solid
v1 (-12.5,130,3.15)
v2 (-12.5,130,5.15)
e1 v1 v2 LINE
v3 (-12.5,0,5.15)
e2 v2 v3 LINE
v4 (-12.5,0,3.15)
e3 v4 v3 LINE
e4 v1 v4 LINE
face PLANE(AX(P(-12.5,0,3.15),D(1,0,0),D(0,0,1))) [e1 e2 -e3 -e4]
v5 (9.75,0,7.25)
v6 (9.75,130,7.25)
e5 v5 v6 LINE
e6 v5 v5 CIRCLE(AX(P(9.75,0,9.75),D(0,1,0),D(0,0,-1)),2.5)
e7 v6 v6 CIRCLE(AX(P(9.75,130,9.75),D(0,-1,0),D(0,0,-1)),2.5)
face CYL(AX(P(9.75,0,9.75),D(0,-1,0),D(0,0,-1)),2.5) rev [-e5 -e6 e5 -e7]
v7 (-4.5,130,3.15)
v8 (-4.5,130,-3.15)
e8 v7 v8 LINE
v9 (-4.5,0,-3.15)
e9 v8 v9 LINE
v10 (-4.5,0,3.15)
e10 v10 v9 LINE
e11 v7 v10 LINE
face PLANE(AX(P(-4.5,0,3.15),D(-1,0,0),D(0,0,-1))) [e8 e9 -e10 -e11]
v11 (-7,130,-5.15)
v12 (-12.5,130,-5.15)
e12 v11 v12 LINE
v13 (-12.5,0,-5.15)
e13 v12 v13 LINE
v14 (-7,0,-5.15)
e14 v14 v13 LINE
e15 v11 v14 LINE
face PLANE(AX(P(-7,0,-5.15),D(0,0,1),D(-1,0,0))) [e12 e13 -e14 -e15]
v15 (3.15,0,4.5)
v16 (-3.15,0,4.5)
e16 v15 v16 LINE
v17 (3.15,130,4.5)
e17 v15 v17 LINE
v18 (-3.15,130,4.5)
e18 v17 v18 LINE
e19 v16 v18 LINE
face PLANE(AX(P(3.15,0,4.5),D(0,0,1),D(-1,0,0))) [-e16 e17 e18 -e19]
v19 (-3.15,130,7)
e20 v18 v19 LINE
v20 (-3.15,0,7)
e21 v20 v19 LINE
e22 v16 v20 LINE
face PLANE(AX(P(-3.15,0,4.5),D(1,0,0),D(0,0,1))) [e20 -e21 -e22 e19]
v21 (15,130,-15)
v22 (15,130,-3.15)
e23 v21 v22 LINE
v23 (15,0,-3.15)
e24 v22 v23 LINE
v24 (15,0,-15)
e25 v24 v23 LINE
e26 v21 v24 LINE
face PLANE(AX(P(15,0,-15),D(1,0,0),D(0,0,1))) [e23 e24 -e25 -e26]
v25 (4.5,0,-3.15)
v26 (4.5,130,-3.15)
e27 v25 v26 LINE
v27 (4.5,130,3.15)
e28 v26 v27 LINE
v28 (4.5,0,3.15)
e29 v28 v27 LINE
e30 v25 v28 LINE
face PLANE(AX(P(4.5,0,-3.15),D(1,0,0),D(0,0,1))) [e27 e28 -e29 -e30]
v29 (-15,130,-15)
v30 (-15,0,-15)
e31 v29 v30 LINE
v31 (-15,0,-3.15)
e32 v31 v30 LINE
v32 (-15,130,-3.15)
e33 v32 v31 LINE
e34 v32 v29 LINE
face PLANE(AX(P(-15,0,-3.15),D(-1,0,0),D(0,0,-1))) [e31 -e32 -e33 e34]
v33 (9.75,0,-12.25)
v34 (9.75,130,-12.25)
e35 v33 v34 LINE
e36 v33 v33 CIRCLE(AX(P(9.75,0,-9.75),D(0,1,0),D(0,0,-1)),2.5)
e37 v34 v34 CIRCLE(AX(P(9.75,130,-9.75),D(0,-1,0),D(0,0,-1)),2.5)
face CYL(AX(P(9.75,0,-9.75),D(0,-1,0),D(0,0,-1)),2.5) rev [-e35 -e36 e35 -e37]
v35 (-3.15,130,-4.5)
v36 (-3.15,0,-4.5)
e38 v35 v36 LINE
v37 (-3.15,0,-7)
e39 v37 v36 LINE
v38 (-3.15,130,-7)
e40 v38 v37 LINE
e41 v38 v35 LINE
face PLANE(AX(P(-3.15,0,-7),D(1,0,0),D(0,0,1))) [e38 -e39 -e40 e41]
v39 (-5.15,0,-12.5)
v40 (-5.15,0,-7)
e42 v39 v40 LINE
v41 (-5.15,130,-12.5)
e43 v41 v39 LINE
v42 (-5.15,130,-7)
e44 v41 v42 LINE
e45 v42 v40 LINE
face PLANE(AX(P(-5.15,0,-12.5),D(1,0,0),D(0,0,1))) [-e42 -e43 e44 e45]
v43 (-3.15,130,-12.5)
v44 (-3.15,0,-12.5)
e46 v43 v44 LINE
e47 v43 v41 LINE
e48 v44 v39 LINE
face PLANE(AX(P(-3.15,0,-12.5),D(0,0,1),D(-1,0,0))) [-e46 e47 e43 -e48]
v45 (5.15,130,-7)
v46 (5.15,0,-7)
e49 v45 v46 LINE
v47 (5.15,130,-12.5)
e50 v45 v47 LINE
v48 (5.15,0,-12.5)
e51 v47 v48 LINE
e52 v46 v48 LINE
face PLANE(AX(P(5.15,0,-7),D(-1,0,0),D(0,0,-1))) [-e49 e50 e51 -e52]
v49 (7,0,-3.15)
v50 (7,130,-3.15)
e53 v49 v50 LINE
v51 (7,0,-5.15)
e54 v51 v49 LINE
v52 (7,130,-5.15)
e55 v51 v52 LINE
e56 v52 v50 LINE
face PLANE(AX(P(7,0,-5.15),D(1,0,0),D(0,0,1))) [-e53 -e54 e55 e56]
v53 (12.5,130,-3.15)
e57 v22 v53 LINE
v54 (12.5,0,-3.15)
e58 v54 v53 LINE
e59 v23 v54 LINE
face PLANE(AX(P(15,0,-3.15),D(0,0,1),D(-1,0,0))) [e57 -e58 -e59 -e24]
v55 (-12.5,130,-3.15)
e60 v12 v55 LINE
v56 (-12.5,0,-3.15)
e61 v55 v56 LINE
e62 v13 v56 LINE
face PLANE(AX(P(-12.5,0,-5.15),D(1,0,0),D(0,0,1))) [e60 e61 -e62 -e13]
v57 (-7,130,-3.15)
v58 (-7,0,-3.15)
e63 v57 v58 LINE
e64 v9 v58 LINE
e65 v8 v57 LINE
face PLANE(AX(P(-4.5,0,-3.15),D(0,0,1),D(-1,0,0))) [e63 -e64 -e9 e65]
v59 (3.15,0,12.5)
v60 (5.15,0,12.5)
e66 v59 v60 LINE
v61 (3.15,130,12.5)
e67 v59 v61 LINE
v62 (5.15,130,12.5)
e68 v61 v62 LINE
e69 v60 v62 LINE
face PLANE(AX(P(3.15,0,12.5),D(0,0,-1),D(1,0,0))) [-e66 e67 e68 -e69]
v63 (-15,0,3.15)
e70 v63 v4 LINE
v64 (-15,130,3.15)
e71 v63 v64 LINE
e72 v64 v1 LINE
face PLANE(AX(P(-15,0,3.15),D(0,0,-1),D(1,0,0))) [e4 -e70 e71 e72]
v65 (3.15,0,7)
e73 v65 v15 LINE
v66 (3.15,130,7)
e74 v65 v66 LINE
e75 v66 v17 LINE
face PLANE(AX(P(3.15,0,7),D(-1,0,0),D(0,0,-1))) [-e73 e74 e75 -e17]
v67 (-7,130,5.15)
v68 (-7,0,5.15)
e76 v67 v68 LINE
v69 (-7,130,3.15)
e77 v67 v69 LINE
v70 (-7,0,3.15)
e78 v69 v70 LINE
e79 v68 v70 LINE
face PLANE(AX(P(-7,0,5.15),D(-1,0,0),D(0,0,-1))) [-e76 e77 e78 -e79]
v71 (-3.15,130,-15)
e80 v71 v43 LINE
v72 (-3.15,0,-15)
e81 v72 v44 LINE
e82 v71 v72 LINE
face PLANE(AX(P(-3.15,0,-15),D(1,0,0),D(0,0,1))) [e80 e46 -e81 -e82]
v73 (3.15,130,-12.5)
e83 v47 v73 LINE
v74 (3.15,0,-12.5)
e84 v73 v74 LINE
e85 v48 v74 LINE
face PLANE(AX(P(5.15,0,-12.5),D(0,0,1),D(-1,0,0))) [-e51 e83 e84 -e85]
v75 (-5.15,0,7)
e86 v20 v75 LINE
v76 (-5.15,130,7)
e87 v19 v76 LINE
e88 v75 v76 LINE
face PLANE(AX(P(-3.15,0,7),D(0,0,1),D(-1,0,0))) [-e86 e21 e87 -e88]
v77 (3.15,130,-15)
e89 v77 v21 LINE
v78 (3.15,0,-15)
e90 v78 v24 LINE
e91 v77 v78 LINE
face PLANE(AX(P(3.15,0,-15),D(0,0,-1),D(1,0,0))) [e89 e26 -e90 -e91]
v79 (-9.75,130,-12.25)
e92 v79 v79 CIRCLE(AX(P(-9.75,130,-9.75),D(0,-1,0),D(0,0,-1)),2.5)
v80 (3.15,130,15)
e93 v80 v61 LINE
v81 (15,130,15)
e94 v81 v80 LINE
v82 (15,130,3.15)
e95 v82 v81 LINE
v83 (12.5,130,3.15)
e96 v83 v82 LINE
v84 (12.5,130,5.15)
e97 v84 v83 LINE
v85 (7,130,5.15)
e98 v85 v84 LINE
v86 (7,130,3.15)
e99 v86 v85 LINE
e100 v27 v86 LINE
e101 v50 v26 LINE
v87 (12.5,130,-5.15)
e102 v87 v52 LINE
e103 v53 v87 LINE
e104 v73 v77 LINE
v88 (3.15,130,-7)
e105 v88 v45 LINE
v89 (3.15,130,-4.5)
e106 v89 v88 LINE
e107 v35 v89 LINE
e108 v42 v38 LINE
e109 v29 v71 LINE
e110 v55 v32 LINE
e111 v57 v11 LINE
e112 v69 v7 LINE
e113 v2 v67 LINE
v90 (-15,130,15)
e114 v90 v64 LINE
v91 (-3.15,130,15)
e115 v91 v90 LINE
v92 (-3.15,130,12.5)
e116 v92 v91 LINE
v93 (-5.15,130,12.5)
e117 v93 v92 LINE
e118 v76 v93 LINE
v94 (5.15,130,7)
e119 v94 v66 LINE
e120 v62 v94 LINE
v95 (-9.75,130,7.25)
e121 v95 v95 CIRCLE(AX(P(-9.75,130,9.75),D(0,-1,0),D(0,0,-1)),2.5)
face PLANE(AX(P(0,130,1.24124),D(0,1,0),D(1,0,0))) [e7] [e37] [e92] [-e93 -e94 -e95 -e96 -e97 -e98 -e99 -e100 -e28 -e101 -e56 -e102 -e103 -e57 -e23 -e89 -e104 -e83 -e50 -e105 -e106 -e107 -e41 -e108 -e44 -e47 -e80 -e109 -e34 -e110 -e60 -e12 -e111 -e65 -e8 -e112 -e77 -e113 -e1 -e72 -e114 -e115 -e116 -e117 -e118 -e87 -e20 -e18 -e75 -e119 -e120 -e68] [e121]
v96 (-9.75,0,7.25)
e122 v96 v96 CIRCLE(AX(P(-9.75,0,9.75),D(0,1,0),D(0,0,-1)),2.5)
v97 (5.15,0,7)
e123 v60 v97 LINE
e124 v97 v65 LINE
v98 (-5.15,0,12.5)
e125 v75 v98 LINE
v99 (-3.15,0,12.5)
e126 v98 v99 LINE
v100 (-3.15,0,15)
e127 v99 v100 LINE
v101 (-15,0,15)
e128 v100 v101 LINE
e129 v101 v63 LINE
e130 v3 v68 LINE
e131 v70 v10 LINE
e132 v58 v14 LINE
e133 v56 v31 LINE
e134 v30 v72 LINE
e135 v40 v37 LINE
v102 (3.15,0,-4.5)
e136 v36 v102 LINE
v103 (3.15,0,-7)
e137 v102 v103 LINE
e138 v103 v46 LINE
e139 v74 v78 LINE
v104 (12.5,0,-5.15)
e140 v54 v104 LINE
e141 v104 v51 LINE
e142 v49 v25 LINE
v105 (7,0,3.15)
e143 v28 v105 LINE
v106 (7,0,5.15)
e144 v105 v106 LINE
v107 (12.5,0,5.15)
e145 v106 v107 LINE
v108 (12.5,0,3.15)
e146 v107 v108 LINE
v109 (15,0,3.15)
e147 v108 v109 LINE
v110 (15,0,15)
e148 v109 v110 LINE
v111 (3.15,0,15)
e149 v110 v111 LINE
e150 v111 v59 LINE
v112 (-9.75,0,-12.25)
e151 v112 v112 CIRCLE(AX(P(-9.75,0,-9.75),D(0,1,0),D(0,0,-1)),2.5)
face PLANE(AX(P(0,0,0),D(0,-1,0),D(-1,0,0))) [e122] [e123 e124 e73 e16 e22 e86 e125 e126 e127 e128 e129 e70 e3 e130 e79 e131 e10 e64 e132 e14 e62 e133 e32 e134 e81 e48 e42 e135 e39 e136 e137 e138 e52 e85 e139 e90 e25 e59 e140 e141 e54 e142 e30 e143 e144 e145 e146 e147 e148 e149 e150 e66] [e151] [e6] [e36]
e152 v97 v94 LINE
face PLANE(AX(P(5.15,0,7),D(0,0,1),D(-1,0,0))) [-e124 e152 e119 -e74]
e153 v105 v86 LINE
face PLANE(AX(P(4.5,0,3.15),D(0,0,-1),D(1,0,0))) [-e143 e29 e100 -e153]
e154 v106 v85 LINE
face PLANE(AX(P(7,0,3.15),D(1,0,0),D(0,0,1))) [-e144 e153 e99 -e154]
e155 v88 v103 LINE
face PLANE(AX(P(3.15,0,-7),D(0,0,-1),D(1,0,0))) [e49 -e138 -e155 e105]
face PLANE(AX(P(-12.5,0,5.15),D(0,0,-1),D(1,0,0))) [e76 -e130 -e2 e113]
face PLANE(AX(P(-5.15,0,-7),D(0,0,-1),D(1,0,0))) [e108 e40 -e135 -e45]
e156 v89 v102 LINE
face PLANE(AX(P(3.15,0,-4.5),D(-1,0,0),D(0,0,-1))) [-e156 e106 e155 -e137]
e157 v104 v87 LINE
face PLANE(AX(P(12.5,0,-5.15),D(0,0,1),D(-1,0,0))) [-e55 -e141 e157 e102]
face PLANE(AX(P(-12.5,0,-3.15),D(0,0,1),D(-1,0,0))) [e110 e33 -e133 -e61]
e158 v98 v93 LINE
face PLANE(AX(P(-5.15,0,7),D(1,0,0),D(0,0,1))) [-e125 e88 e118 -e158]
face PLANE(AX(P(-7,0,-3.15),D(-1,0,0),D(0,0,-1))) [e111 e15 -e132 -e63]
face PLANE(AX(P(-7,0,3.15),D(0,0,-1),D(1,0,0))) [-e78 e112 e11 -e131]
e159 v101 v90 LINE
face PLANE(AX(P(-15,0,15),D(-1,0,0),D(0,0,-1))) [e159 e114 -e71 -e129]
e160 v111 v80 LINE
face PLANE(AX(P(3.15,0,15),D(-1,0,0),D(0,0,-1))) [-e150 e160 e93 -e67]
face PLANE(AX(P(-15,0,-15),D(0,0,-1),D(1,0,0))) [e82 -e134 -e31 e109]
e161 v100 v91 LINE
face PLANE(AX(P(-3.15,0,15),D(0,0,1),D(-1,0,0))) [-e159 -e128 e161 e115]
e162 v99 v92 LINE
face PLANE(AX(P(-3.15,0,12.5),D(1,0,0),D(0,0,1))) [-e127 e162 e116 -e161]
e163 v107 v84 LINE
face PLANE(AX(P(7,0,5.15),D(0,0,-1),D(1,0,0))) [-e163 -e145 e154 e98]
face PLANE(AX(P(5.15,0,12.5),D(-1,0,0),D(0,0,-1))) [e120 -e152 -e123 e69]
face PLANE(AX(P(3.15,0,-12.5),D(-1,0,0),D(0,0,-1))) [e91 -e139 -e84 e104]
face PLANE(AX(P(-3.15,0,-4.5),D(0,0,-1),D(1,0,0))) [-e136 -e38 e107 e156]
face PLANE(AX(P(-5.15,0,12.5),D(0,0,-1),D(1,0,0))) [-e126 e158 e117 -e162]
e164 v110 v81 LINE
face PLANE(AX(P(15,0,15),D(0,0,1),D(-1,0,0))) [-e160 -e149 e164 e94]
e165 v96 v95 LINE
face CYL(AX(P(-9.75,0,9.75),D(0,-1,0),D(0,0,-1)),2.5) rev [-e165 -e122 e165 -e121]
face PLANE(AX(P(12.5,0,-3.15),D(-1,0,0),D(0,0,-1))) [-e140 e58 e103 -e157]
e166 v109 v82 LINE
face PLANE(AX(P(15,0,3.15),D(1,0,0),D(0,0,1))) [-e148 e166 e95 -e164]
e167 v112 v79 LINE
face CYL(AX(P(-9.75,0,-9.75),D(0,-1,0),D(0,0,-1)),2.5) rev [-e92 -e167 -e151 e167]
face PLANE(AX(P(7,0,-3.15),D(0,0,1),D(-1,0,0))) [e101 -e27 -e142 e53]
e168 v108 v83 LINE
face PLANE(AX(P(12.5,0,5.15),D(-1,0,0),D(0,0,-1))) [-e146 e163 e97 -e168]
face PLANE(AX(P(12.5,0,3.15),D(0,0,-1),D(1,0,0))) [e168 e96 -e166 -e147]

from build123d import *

# Parameters (mm, degrees)
SKETCH_1_R          = 2.5
EXTRUDE_1_DEPTH     = 180
SKETCH_2_R          = 82.250528809
CUT_EXTRUDE_1_DEPTH = 10
SKETCH_3_R          = 47.359827943
CUT_EXTRUDE_2_DEPTH = 200
SKETCH_4_R          = 50.055938799
CUT_EXTRUDE_3_DEPTH = 30
SKETCH_5_R          = 35.776746529
CUT_EXTRUDE_4_DEPTH = 40
SKETCH_1_3_R        = 2.5
EXTRUDE_2_DEPTH     = 200
SKETCH_6_R          = 45.508426161
CUT_EXTRUDE_5_DEPTH = 50
SKETCH_7_R          = 85.251485325
CUT_EXTRUDE_7_DEPTH = 20


with BuildPart() as part:
    # 草图1 → 凸台-拉伸1 (new, symmetric)
    with BuildSketch(Plane(origin=(0, 0, 0), x_dir=(1, 0, 0), z_dir=(0, 1, 0))):
        Polygon((-15, -3.15), (-12.5, -3.15), (-12.5, -5.15), (-7, -5.15), (-7, -3.15), (-4.5, -3.15), (-4.5, 3.15), (-7, 3.15), (-7, 5.15), (-12.5, 5.15), (-12.5, 3.15), (-15, 3.15), (-15, 15), (-3.15, 15), (-3.15, 12.5), (-5.15, 12.5), (-5.15, 7), (-3.15, 7), (-3.15, 4.5), (3.15, 4.5), (3.15, 7), (5.15, 7), (5.15, 12.5), (3.15, 12.5), (3.15, 15), (15, 15), (15, 3.15), (12.5, 3.15), (12.5, 5.15), (7, 5.15), (7, 3.15), (4.5, 3.15), (4.5, -3.15), (7, -3.15), (7, -5.15), (12.5, -5.15), (12.5, -3.15), (15, -3.15), (15, -15), (3.15, -15), (3.15, -12.5), (5.15, -12.5), (5.15, -7), (3.15, -7), (3.15, -4.5), (-3.15, -4.5), (-3.15, -7), (-5.15, -7), (-5.15, -12.5), (-3.15, -12.5), (-3.15, -15), (-15, -15), align=None)
        with Locations((-9.75, -9.75)):
            Circle(SKETCH_1_R, mode=Mode.SUBTRACT)
        with Locations((-9.75, 9.75)):
            Circle(SKETCH_1_R, mode=Mode.SUBTRACT)
        with Locations((9.75, 9.75)):
            Circle(SKETCH_1_R, mode=Mode.SUBTRACT)
        with Locations((9.75, -9.75)):
            Circle(SKETCH_1_R, mode=Mode.SUBTRACT)
    extrude(amount=EXTRUDE_1_DEPTH, both=True)

    # 草图2 → 切除-拉伸1 (cut)
    with BuildSketch(Plane(origin=(0, 180, 0), x_dir=(1, 0, 0), z_dir=(0, 1, 0))):
        Circle(SKETCH_2_R)
    extrude(amount=-CUT_EXTRUDE_1_DEPTH, mode=Mode.SUBTRACT)

    # 草图3 → 切除-拉伸2 (cut)
    with BuildSketch(Plane.XZ.offset(180)):
        with Locations((0.216432031, -1.772037256)):
            Circle(SKETCH_3_R)
    extrude(amount=-CUT_EXTRUDE_2_DEPTH, mode=Mode.SUBTRACT)

    # 草图4 → 切除-拉伸3 (cut)
    with BuildSketch(Plane.XZ.offset(-20)):
        with Locations((-1.287426062, -1.543634952)):
            Circle(SKETCH_4_R)
    extrude(amount=-CUT_EXTRUDE_3_DEPTH, mode=Mode.SUBTRACT)

    # 草图5 → 切除-拉伸4 (cut)
    with BuildSketch(Plane.XZ.offset(-50)):
        with Locations((-0.979370242, 0.864150214)):
            Circle(SKETCH_5_R)
    extrude(amount=-CUT_EXTRUDE_4_DEPTH, mode=Mode.SUBTRACT)

    # 草图1<3> → 凸台-拉伸2 (add)
    with BuildSketch(Plane(origin=(0, 0, 0), x_dir=(1, 0, 0), z_dir=(0, 1, 0))):
        Polygon((-15, -3.15), (-12.5, -3.15), (-12.5, -5.15), (-7, -5.15), (-7, -3.15), (-4.5, -3.15), (-4.5, 3.15), (-7, 3.15), (-7, 5.15), (-12.5, 5.15), (-12.5, 3.15), (-15, 3.15), (-15, 15), (-3.15, 15), (-3.15, 12.5), (-5.15, 12.5), (-5.15, 7), (-3.15, 7), (-3.15, 4.5), (3.15, 4.5), (3.15, 7), (5.15, 7), (5.15, 12.5), (3.15, 12.5), (3.15, 15), (15, 15), (15, 3.15), (12.5, 3.15), (12.5, 5.15), (7, 5.15), (7, 3.15), (4.5, 3.15), (4.5, -3.15), (7, -3.15), (7, -5.15), (12.5, -5.15), (12.5, -3.15), (15, -3.15), (15, -15), (3.15, -15), (3.15, -12.5), (5.15, -12.5), (5.15, -7), (3.15, -7), (3.15, -4.5), (-3.15, -4.5), (-3.15, -7), (-5.15, -7), (-5.15, -12.5), (-3.15, -12.5), (-3.15, -15), (-15, -15), align=None)
        with Locations((-9.75, -9.75)):
            Circle(SKETCH_1_3_R, mode=Mode.SUBTRACT)
        with Locations((-9.75, 9.75)):
            Circle(SKETCH_1_3_R, mode=Mode.SUBTRACT)
        with Locations((9.75, 9.75)):
            Circle(SKETCH_1_3_R, mode=Mode.SUBTRACT)
        with Locations((9.75, -9.75)):
            Circle(SKETCH_1_3_R, mode=Mode.SUBTRACT)
    extrude(amount=EXTRUDE_2_DEPTH)

    # 草图6 → 切除-拉伸5 (cut)
    with BuildSketch(Plane(origin=(0, 200, 0), x_dir=(1, 0, 0), z_dir=(0, 1, 0))):
        with Locations((-0.666782572, 0.500086929)):
            Circle(SKETCH_6_R)
    extrude(amount=-CUT_EXTRUDE_5_DEPTH, mode=Mode.SUBTRACT)

    # 草图7 → 切除-拉伸7 (cut)
    with BuildSketch(Plane(origin=(0, 150, 0), x_dir=(1, 0, 0), z_dir=(0, 1, 0))):
        with Locations((0, -1.241240206)):
            Circle(SKETCH_7_R)
    extrude(amount=-CUT_EXTRUDE_7_DEPTH, mode=Mode.SUBTRACT)


solid = part.part
